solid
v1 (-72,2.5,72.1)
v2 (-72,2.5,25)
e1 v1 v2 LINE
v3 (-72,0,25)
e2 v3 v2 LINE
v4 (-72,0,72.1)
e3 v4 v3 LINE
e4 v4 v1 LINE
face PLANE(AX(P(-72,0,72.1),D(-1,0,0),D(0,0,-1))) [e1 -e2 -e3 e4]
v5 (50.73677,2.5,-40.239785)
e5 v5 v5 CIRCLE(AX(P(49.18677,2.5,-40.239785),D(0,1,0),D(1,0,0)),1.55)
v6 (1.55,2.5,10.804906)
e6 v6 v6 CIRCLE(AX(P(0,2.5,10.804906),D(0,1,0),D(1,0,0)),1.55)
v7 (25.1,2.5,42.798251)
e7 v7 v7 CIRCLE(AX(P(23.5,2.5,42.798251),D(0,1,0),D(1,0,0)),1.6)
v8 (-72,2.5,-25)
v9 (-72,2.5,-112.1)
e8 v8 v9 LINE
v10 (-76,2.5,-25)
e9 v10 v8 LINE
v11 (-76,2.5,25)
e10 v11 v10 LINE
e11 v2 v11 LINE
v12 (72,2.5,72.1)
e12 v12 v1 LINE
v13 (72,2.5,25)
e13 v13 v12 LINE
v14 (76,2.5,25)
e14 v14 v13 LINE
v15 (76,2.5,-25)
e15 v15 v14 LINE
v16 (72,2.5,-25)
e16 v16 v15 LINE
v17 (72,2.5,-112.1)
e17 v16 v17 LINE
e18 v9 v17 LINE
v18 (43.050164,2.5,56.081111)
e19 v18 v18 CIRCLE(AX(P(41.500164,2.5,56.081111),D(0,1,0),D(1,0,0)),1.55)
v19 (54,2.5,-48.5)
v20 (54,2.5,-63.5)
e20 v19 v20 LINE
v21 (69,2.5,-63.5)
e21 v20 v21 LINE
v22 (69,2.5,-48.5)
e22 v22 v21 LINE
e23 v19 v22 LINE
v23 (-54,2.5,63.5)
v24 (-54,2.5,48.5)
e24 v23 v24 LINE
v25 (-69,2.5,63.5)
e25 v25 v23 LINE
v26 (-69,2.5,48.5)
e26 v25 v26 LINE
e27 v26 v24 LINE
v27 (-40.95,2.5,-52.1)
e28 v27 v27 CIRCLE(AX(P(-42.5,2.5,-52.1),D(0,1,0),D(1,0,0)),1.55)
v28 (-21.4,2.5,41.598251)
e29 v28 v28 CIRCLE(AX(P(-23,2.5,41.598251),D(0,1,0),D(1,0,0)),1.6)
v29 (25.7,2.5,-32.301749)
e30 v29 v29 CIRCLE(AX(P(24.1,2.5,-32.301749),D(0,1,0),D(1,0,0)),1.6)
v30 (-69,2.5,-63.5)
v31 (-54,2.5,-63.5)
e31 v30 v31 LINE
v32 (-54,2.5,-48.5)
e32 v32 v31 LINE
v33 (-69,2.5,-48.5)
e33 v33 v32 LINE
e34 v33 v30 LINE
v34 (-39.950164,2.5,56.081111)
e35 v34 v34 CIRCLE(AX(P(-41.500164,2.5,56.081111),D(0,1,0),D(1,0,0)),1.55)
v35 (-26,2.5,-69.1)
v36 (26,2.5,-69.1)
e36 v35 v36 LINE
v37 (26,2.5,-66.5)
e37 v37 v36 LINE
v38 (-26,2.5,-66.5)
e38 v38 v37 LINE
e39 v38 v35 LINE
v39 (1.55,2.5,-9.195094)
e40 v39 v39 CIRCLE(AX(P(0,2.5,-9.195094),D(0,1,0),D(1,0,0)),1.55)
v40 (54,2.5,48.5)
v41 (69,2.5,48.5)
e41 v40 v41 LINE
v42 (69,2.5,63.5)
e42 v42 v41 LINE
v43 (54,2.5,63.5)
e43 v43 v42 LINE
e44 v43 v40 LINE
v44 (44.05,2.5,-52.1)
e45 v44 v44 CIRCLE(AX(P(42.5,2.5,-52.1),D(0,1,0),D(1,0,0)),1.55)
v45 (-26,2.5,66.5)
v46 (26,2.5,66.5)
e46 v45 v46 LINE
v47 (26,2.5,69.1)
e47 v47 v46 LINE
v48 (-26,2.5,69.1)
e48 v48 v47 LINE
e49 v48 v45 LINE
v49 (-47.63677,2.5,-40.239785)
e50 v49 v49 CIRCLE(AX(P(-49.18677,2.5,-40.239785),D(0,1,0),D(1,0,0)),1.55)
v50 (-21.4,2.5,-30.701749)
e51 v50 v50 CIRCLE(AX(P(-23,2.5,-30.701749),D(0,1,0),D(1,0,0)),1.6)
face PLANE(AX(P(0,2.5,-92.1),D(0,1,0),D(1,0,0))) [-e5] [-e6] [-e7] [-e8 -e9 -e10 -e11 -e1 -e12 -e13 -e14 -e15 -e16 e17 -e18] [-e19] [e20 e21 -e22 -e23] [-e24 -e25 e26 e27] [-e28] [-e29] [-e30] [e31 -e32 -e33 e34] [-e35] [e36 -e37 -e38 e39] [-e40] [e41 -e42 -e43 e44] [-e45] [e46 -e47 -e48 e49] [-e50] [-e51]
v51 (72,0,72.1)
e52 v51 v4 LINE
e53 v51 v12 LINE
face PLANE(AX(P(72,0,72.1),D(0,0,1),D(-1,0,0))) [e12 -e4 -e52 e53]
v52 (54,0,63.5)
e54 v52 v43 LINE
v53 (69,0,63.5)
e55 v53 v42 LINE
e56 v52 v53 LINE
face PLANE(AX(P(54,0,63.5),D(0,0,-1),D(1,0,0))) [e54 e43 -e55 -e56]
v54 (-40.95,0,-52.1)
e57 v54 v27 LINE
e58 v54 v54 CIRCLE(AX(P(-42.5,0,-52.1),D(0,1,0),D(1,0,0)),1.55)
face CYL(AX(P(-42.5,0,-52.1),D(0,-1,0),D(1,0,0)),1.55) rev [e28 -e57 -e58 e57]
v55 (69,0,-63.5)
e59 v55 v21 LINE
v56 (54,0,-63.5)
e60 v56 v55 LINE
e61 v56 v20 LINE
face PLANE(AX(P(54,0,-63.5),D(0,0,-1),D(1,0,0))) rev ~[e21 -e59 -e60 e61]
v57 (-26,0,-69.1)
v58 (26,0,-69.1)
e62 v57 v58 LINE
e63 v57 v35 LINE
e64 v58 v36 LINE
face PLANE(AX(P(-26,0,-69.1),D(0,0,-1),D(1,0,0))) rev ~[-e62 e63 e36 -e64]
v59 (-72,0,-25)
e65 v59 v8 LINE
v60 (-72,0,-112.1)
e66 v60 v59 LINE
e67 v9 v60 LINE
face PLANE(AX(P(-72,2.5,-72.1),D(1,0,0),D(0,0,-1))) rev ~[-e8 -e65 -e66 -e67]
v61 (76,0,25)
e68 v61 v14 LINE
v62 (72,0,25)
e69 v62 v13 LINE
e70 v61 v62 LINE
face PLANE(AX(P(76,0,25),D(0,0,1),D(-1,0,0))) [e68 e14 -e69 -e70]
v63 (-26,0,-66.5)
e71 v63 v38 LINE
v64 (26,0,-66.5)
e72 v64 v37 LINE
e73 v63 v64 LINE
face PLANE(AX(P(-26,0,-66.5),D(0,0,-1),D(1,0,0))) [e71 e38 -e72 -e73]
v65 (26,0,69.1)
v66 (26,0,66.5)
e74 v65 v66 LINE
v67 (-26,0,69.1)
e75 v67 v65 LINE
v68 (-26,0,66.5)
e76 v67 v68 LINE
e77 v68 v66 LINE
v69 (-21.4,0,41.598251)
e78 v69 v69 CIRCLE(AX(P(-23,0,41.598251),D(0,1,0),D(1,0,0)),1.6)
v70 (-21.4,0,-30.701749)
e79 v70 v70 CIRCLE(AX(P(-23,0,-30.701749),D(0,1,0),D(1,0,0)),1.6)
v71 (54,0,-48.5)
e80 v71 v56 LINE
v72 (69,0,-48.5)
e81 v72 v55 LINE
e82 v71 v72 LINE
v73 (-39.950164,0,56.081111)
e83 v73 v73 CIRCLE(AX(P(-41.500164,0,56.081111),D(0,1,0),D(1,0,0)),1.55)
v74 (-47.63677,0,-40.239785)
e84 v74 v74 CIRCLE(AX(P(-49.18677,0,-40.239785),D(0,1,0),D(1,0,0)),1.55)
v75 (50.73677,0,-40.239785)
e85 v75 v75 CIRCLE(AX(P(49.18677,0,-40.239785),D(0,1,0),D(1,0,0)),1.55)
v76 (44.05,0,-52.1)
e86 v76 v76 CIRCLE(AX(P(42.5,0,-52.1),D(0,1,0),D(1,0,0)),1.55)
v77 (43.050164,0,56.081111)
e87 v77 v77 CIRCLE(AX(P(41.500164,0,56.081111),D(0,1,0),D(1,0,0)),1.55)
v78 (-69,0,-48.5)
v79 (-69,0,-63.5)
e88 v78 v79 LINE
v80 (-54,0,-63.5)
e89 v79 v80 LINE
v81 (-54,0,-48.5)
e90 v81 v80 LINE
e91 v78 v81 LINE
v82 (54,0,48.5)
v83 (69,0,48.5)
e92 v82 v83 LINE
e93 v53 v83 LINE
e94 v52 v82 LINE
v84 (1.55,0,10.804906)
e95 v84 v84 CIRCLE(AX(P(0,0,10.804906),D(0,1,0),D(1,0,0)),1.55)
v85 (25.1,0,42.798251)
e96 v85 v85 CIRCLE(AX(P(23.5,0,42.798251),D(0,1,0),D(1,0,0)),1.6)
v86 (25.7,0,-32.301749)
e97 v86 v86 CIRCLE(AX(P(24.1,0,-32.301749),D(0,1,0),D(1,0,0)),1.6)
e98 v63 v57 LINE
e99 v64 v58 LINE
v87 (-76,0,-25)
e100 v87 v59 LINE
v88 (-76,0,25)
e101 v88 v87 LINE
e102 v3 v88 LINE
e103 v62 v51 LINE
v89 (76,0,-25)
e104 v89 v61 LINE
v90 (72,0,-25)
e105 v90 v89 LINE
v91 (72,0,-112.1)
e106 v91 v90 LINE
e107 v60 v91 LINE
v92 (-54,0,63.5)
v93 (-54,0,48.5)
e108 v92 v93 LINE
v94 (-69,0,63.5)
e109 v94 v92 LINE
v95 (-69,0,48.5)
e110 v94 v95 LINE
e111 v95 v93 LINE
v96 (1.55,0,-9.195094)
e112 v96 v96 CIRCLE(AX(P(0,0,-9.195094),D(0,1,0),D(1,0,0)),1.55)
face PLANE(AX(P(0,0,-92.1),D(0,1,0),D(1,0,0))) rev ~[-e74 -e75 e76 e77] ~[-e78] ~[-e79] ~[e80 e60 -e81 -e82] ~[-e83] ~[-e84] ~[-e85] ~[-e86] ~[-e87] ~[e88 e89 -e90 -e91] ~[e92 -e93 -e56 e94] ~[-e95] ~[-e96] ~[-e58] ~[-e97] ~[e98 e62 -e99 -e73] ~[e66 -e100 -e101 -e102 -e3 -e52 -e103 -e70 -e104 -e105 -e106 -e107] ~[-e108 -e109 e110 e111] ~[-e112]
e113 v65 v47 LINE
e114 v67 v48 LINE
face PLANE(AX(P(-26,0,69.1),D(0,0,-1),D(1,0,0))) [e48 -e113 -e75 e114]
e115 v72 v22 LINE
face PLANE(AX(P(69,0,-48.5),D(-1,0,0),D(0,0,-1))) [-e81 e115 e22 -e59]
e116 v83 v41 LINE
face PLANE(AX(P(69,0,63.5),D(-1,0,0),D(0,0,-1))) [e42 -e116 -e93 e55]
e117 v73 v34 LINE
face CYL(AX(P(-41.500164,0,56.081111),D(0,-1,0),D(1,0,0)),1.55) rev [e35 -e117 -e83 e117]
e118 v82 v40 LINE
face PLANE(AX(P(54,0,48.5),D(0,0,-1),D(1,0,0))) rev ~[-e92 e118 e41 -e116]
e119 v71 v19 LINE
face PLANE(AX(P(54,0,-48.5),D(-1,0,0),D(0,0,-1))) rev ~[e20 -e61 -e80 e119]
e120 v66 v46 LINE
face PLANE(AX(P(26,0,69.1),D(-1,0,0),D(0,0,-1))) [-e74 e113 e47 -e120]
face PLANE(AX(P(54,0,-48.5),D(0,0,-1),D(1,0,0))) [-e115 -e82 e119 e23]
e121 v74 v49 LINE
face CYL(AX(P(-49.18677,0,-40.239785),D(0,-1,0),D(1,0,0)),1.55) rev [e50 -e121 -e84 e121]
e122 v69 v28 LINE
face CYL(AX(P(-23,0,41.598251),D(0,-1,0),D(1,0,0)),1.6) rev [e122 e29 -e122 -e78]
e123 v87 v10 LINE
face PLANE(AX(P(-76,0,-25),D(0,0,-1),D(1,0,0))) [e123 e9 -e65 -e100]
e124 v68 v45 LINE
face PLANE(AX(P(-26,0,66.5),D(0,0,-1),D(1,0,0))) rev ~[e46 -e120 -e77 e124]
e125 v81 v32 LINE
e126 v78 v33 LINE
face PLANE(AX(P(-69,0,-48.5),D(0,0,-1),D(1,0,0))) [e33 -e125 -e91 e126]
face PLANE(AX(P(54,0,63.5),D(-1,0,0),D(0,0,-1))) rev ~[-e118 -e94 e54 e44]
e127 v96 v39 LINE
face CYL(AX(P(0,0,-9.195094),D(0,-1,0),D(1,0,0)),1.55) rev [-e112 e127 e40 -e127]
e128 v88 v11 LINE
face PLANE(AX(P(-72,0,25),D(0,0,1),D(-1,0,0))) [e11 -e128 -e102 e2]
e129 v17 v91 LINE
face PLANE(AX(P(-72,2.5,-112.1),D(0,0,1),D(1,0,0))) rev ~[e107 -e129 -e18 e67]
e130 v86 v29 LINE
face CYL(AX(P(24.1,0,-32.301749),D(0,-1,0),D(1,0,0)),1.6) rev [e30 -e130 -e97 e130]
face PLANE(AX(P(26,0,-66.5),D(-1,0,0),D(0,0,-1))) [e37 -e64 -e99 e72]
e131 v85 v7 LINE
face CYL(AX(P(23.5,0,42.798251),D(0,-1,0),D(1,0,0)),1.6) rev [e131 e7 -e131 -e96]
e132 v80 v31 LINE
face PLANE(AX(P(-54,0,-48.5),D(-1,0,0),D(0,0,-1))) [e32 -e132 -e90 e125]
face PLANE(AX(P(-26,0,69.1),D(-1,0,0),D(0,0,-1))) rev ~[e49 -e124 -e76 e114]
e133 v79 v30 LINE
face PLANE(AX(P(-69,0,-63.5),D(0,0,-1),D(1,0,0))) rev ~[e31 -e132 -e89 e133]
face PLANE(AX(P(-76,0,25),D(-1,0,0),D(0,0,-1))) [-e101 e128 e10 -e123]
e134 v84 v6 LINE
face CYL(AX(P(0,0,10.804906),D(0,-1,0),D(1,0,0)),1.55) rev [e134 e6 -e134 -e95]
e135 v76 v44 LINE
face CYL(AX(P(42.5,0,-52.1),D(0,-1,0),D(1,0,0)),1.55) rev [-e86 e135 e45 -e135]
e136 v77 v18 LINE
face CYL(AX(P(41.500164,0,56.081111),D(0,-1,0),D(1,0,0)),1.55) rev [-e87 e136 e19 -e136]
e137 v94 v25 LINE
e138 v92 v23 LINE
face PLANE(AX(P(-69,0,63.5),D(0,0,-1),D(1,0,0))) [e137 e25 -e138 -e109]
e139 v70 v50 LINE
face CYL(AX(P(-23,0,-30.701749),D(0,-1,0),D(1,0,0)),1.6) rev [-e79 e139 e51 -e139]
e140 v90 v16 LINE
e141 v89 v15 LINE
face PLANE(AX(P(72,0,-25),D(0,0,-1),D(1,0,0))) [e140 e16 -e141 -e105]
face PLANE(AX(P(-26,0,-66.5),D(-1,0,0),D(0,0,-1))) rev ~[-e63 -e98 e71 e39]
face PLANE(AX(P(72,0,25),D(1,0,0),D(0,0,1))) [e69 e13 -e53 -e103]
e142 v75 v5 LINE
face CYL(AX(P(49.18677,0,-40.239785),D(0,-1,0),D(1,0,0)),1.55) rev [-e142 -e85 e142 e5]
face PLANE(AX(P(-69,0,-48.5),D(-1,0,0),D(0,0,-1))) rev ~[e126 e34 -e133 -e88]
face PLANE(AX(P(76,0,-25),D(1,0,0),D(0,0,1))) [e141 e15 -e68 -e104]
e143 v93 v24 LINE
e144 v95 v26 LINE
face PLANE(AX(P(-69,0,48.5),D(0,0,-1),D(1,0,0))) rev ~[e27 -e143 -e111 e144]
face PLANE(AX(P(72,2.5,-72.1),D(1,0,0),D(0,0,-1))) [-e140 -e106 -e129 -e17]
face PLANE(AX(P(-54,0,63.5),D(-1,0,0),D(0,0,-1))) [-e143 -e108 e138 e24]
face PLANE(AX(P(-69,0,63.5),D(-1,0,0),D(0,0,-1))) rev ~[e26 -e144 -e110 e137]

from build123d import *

# Parameters (mm, degrees)
SKETCH1_R           = 1.55
SKETCH1_R_2         = 1.6
SKETCH1_W           = 15
SKETCH1_H           = 15
SKETCH1_W_2         = 52
SKETCH1_H_2         = 2.6
BOSS_EXTRUDE1_DEPTH = 2.5
SKETCH2_W           = 144
SKETCH2_H           = 40
BOSS_EXTRUDE2_DEPTH = 2.5


with BuildPart() as part:
    # Sketch1 → Boss-Extrude1 (new body)
    with BuildSketch(Plane(origin=(0, 0, 0), x_dir=(1, 0, 0), z_dir=(0, 1, 0))):
        Polygon((-72, -25), (-76, -25), (-76, 25), (-72, 25), (-72, 72.1), (72, 72.1), (72, 25), (76, 25), (76, -25), (72, -25), (72, -72.1), (-72, -72.1), align=None)
        with Locations((0, -10.804905882)):
            Circle(SKETCH1_R, mode=Mode.SUBTRACT)
        with Locations((0, 9.195094118)):
            Circle(SKETCH1_R, mode=Mode.SUBTRACT)
        with Locations((-49.186770493, 40.239784928)):
            Circle(SKETCH1_R, mode=Mode.SUBTRACT)
        with Locations((49.186770493, 40.239784928)):
            Circle(SKETCH1_R, mode=Mode.SUBTRACT)
        with Locations((-41.500164476, -56.081111214)):
            Circle(SKETCH1_R, mode=Mode.SUBTRACT)
        with Locations((41.500164476, -56.081111214)):
            Circle(SKETCH1_R, mode=Mode.SUBTRACT)
        with Locations((-23, 30.701748775)):
            Circle(SKETCH1_R_2, mode=Mode.SUBTRACT)
        with Locations((24.1, 32.301748775)):
            Circle(SKETCH1_R_2, mode=Mode.SUBTRACT)
        with Locations((23.5, -42.798251225)):
            Circle(SKETCH1_R_2, mode=Mode.SUBTRACT)
        with Locations((-23, -41.598251225)):
            Circle(SKETCH1_R_2, mode=Mode.SUBTRACT)
        with Locations((42.5, 52.1)):
            Circle(SKETCH1_R, mode=Mode.SUBTRACT)
        with Locations((-42.5, 52.1)):
            Circle(SKETCH1_R, mode=Mode.SUBTRACT)
        with Locations((61.5, 56)):
            Rectangle(SKETCH1_W, SKETCH1_H, mode=Mode.SUBTRACT)
        with Locations((-61.5, 56)):
            Rectangle(SKETCH1_W, SKETCH1_H, mode=Mode.SUBTRACT)
        with Locations((0, -67.8)):
            Rectangle(SKETCH1_W_2, SKETCH1_H_2, mode=Mode.SUBTRACT)
        with Locations((0, 67.8)):
            Rectangle(SKETCH1_W_2, SKETCH1_H_2, mode=Mode.SUBTRACT)
        with Locations((-61.5, -56)):
            Rectangle(SKETCH1_W, SKETCH1_H, mode=Mode.SUBTRACT)
        with Locations((61.5, -56)):
            Rectangle(SKETCH1_W, SKETCH1_H, mode=Mode.SUBTRACT)
    extrude(amount=BOSS_EXTRUDE1_DEPTH)

    # Sketch2 → Boss-Extrude2 (add)
    with BuildSketch(Plane(origin=(0, 2.5, 0), x_dir=(1, 0, 0), z_dir=(0, 1, 0))):
        with Locations((0, 92.1)):
            Rectangle(SKETCH2_W, SKETCH2_H)
    extrude(amount=-BOSS_EXTRUDE2_DEPTH)


solid = part.part
